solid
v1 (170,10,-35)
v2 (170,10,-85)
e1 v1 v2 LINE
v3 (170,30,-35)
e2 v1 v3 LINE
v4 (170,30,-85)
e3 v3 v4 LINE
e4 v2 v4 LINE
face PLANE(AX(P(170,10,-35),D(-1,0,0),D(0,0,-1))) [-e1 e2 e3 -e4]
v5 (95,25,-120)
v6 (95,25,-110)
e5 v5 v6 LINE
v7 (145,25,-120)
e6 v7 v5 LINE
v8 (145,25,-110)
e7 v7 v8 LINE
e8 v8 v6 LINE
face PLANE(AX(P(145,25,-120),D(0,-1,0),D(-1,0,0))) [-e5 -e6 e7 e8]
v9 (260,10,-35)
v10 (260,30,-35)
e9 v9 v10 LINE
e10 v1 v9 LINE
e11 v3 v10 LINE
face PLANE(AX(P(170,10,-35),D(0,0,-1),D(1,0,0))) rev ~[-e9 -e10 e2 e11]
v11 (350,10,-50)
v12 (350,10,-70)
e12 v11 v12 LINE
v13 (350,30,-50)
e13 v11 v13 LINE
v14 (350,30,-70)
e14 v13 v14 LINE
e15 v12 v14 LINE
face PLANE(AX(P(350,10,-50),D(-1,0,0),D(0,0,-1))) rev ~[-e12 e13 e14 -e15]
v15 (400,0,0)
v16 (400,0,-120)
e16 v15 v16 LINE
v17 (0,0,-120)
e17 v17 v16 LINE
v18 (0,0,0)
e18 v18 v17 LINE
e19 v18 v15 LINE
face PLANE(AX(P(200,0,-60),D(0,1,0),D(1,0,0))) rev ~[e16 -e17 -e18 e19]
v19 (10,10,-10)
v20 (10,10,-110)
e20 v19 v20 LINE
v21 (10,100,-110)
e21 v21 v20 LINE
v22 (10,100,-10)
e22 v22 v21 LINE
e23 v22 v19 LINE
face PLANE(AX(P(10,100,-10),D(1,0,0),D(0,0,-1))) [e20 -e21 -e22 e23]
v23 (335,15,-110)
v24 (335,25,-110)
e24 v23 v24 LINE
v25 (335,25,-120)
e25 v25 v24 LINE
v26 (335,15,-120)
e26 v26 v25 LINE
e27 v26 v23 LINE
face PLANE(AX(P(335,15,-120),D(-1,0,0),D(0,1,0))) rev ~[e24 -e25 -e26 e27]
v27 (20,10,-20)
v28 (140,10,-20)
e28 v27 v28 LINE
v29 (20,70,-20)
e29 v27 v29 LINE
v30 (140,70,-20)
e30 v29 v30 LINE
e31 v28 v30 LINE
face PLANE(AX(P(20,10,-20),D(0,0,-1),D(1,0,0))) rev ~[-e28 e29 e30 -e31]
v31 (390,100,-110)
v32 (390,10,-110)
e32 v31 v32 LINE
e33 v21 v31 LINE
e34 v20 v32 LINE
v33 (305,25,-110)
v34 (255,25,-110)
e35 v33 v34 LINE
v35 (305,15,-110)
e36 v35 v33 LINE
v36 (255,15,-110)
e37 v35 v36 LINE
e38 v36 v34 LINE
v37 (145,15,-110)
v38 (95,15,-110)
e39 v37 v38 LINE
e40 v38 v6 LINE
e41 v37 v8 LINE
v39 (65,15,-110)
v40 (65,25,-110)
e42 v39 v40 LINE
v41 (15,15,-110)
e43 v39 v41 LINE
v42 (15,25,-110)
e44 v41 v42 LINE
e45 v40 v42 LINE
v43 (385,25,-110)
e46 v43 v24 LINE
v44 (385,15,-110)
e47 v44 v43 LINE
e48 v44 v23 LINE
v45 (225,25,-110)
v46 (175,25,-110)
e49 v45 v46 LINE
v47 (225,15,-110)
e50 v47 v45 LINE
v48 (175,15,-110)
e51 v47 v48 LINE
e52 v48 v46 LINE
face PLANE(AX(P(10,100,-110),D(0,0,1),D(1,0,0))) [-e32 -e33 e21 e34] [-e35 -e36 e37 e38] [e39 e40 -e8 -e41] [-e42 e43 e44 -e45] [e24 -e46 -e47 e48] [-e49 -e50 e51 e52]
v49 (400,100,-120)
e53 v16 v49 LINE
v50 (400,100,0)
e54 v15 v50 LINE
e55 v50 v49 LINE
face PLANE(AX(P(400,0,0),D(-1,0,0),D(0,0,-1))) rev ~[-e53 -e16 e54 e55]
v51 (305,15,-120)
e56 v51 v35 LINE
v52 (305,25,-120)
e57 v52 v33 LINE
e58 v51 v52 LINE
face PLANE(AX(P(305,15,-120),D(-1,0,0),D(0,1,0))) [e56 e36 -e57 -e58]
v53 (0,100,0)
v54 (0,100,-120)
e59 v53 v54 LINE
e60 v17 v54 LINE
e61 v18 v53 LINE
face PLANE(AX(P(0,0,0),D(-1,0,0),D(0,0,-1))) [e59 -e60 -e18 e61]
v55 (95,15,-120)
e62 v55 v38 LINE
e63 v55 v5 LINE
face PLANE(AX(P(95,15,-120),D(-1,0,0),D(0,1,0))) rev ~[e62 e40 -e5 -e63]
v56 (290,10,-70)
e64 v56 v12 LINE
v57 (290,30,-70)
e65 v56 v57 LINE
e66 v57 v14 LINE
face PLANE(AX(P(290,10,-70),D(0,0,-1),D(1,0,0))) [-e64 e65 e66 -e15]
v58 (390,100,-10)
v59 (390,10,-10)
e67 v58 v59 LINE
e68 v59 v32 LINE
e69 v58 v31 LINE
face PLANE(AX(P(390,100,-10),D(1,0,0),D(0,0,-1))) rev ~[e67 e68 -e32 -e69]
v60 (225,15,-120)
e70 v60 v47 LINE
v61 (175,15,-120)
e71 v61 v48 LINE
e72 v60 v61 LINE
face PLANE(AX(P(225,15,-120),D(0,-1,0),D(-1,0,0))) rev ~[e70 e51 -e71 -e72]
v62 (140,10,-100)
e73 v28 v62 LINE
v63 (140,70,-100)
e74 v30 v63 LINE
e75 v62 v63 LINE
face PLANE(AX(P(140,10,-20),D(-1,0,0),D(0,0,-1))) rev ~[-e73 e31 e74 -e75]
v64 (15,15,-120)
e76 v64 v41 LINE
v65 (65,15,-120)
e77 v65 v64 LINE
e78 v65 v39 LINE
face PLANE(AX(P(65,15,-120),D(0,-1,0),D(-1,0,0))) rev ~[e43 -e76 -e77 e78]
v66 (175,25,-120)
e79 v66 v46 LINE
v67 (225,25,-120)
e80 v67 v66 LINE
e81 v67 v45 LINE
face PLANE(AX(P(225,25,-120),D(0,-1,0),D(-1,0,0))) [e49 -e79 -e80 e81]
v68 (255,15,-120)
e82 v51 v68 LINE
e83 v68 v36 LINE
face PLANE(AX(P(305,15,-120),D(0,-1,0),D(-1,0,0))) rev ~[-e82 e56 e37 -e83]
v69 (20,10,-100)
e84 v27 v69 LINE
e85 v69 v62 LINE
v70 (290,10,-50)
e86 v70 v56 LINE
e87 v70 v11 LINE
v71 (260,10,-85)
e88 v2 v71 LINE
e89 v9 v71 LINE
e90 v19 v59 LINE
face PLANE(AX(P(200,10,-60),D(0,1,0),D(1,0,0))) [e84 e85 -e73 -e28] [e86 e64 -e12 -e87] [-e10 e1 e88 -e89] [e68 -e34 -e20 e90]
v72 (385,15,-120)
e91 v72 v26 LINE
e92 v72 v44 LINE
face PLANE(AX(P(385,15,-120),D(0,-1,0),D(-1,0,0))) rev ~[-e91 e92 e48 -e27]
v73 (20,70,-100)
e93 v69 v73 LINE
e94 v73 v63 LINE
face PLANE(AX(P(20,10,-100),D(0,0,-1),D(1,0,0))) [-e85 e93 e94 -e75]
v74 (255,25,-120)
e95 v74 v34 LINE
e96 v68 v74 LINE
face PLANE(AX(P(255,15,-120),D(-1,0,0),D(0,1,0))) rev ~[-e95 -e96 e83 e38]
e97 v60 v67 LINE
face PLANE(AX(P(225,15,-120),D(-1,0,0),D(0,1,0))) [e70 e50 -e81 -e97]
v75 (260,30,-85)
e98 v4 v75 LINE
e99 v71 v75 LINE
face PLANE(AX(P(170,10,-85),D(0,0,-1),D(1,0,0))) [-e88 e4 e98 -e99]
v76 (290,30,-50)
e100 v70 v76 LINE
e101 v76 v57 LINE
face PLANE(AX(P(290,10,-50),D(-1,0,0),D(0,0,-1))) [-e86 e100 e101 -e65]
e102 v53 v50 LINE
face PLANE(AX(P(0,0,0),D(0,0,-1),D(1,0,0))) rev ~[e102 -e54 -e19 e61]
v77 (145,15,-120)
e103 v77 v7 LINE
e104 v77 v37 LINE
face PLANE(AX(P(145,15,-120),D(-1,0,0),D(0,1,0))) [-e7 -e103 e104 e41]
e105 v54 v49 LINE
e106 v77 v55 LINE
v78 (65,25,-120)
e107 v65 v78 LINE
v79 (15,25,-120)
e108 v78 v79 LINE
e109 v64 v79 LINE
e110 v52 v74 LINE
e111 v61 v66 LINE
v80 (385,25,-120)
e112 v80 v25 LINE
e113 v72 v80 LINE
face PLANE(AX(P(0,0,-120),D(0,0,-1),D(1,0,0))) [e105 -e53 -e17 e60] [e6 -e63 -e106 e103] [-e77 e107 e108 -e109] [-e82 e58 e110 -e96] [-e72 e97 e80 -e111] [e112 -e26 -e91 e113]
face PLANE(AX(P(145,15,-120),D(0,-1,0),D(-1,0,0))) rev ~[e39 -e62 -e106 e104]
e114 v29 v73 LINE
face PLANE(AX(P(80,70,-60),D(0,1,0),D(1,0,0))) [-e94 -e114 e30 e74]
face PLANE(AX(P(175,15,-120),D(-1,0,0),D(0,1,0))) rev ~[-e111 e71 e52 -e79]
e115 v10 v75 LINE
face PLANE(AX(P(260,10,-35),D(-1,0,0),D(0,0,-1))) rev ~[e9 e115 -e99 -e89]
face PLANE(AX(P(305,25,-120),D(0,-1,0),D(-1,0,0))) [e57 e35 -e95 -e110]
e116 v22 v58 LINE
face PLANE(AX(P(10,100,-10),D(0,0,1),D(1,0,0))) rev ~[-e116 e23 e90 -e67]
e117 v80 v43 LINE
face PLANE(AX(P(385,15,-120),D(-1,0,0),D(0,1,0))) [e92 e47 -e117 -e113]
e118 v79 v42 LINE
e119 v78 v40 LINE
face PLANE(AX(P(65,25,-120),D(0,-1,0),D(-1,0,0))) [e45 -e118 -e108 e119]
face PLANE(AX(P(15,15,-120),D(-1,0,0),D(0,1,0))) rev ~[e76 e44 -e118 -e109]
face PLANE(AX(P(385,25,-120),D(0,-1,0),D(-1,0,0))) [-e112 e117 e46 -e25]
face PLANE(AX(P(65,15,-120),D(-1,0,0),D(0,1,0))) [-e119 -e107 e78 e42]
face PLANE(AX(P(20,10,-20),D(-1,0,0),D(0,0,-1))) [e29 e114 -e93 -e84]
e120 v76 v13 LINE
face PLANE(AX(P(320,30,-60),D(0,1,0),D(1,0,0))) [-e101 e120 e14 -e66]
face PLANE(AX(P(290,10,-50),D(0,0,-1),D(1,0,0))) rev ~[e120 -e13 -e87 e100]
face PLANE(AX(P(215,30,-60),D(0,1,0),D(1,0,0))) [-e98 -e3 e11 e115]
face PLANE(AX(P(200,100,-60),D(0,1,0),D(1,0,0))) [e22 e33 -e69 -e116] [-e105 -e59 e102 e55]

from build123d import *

# Parameters (mm, degrees)
ESQUISSE1_W                = 400
ESQUISSE1_H                = 120
BOSS_EXTRU_1_DEPTH         = 100
ESQUISSE2_W                = 380
ESQUISSE2_H                = 100
ENL_V_MAT_EXTRU_1_DEPTH    = 90
ESQUISSE3_W                = 120
ESQUISSE3_H                = 80
BOSS_EXTRU_2_DEPTH         = 60
ESQUISSE4_W                = 90
ESQUISSE4_H                = 50
BOSS_EXTRU_3_DEPTH         = 20
ESQUISSE5_W                = 60
ESQUISSE5_H                = 20
BOSS_EXTRU_4_DEPTH         = 20
ESQUISSE9_W                = 50
ESQUISSE9_H                = 10
ENL_V_MAT_EXTRU_3_DEPTH    = 10
R_P_TITION_LIN_AIRE1_COUNT = 5
R_P_TITION_LIN_AIRE1_PITCH = 80


with BuildPart() as part:
    # Esquisse1 → Boss.-Extru.1 (new body)
    with BuildSketch(Plane(origin=(0, 0, 0), x_dir=(1, 0, 0), z_dir=(0, 1, 0))):
        with Locations((200, 60)):
            Rectangle(ESQUISSE1_W, ESQUISSE1_H)
    extrude(amount=BOSS_EXTRU_1_DEPTH)

    # Esquisse2 → Enlèv. mat.-Extru.1 (cut)
    with BuildSketch(Plane(origin=(0, 100, 0), x_dir=(1, 0, 0), z_dir=(0, 1, 0))):
        with Locations((200, 60)):
            Rectangle(ESQUISSE2_W, ESQUISSE2_H)
    extrude(amount=-ENL_V_MAT_EXTRU_1_DEPTH, mode=Mode.SUBTRACT)

    # Esquisse3 → Boss.-Extru.2 (add)
    with BuildSketch(Plane(origin=(0, 10, 0), x_dir=(1, 0, 0), z_dir=(0, 1, 0))):
        with Locations((80, 60)):
            Rectangle(ESQUISSE3_W, ESQUISSE3_H)
    extrude(amount=BOSS_EXTRU_2_DEPTH)

    # Esquisse4 → Boss.-Extru.3 (add)
    with BuildSketch(Plane(origin=(0, 10, 0), x_dir=(1, 0, 0), z_dir=(0, 1, 0))):
        with Locations((215, 60)):
            Rectangle(ESQUISSE4_W, ESQUISSE4_H)
    extrude(amount=BOSS_EXTRU_3_DEPTH)

    # Esquisse5 → Boss.-Extru.4 (add)
    with BuildSketch(Plane(origin=(0, 10, 0), x_dir=(1, 0, 0), z_dir=(0, 1, 0))):
        with Locations((320, 60)):
            Rectangle(ESQUISSE5_W, ESQUISSE5_H)
    extrude(amount=BOSS_EXTRU_4_DEPTH)

    # Esquisse9 → Enlèv. mat.-Extru.3 (cut)
    with BuildSketch(Plane(origin=(0, 0, -120), x_dir=(-1, 0, 0), z_dir=(0, 0, -1))):
        with Locations((-360, 20)):
            Rectangle(ESQUISSE9_W, ESQUISSE9_H)
    enl_v_mat_extru_3 = extrude(amount=-ENL_V_MAT_EXTRU_3_DEPTH, mode=Mode.SUBTRACT)

    # Répétition linéaire1: Enlèv. mat.-Extru.3 ×5
    with Locations(*[(-i * R_P_TITION_LIN_AIRE1_PITCH, 0, 0) for i in range(1, R_P_TITION_LIN_AIRE1_COUNT)]):
        add(enl_v_mat_extru_3, mode=Mode.SUBTRACT)


solid = part.part
